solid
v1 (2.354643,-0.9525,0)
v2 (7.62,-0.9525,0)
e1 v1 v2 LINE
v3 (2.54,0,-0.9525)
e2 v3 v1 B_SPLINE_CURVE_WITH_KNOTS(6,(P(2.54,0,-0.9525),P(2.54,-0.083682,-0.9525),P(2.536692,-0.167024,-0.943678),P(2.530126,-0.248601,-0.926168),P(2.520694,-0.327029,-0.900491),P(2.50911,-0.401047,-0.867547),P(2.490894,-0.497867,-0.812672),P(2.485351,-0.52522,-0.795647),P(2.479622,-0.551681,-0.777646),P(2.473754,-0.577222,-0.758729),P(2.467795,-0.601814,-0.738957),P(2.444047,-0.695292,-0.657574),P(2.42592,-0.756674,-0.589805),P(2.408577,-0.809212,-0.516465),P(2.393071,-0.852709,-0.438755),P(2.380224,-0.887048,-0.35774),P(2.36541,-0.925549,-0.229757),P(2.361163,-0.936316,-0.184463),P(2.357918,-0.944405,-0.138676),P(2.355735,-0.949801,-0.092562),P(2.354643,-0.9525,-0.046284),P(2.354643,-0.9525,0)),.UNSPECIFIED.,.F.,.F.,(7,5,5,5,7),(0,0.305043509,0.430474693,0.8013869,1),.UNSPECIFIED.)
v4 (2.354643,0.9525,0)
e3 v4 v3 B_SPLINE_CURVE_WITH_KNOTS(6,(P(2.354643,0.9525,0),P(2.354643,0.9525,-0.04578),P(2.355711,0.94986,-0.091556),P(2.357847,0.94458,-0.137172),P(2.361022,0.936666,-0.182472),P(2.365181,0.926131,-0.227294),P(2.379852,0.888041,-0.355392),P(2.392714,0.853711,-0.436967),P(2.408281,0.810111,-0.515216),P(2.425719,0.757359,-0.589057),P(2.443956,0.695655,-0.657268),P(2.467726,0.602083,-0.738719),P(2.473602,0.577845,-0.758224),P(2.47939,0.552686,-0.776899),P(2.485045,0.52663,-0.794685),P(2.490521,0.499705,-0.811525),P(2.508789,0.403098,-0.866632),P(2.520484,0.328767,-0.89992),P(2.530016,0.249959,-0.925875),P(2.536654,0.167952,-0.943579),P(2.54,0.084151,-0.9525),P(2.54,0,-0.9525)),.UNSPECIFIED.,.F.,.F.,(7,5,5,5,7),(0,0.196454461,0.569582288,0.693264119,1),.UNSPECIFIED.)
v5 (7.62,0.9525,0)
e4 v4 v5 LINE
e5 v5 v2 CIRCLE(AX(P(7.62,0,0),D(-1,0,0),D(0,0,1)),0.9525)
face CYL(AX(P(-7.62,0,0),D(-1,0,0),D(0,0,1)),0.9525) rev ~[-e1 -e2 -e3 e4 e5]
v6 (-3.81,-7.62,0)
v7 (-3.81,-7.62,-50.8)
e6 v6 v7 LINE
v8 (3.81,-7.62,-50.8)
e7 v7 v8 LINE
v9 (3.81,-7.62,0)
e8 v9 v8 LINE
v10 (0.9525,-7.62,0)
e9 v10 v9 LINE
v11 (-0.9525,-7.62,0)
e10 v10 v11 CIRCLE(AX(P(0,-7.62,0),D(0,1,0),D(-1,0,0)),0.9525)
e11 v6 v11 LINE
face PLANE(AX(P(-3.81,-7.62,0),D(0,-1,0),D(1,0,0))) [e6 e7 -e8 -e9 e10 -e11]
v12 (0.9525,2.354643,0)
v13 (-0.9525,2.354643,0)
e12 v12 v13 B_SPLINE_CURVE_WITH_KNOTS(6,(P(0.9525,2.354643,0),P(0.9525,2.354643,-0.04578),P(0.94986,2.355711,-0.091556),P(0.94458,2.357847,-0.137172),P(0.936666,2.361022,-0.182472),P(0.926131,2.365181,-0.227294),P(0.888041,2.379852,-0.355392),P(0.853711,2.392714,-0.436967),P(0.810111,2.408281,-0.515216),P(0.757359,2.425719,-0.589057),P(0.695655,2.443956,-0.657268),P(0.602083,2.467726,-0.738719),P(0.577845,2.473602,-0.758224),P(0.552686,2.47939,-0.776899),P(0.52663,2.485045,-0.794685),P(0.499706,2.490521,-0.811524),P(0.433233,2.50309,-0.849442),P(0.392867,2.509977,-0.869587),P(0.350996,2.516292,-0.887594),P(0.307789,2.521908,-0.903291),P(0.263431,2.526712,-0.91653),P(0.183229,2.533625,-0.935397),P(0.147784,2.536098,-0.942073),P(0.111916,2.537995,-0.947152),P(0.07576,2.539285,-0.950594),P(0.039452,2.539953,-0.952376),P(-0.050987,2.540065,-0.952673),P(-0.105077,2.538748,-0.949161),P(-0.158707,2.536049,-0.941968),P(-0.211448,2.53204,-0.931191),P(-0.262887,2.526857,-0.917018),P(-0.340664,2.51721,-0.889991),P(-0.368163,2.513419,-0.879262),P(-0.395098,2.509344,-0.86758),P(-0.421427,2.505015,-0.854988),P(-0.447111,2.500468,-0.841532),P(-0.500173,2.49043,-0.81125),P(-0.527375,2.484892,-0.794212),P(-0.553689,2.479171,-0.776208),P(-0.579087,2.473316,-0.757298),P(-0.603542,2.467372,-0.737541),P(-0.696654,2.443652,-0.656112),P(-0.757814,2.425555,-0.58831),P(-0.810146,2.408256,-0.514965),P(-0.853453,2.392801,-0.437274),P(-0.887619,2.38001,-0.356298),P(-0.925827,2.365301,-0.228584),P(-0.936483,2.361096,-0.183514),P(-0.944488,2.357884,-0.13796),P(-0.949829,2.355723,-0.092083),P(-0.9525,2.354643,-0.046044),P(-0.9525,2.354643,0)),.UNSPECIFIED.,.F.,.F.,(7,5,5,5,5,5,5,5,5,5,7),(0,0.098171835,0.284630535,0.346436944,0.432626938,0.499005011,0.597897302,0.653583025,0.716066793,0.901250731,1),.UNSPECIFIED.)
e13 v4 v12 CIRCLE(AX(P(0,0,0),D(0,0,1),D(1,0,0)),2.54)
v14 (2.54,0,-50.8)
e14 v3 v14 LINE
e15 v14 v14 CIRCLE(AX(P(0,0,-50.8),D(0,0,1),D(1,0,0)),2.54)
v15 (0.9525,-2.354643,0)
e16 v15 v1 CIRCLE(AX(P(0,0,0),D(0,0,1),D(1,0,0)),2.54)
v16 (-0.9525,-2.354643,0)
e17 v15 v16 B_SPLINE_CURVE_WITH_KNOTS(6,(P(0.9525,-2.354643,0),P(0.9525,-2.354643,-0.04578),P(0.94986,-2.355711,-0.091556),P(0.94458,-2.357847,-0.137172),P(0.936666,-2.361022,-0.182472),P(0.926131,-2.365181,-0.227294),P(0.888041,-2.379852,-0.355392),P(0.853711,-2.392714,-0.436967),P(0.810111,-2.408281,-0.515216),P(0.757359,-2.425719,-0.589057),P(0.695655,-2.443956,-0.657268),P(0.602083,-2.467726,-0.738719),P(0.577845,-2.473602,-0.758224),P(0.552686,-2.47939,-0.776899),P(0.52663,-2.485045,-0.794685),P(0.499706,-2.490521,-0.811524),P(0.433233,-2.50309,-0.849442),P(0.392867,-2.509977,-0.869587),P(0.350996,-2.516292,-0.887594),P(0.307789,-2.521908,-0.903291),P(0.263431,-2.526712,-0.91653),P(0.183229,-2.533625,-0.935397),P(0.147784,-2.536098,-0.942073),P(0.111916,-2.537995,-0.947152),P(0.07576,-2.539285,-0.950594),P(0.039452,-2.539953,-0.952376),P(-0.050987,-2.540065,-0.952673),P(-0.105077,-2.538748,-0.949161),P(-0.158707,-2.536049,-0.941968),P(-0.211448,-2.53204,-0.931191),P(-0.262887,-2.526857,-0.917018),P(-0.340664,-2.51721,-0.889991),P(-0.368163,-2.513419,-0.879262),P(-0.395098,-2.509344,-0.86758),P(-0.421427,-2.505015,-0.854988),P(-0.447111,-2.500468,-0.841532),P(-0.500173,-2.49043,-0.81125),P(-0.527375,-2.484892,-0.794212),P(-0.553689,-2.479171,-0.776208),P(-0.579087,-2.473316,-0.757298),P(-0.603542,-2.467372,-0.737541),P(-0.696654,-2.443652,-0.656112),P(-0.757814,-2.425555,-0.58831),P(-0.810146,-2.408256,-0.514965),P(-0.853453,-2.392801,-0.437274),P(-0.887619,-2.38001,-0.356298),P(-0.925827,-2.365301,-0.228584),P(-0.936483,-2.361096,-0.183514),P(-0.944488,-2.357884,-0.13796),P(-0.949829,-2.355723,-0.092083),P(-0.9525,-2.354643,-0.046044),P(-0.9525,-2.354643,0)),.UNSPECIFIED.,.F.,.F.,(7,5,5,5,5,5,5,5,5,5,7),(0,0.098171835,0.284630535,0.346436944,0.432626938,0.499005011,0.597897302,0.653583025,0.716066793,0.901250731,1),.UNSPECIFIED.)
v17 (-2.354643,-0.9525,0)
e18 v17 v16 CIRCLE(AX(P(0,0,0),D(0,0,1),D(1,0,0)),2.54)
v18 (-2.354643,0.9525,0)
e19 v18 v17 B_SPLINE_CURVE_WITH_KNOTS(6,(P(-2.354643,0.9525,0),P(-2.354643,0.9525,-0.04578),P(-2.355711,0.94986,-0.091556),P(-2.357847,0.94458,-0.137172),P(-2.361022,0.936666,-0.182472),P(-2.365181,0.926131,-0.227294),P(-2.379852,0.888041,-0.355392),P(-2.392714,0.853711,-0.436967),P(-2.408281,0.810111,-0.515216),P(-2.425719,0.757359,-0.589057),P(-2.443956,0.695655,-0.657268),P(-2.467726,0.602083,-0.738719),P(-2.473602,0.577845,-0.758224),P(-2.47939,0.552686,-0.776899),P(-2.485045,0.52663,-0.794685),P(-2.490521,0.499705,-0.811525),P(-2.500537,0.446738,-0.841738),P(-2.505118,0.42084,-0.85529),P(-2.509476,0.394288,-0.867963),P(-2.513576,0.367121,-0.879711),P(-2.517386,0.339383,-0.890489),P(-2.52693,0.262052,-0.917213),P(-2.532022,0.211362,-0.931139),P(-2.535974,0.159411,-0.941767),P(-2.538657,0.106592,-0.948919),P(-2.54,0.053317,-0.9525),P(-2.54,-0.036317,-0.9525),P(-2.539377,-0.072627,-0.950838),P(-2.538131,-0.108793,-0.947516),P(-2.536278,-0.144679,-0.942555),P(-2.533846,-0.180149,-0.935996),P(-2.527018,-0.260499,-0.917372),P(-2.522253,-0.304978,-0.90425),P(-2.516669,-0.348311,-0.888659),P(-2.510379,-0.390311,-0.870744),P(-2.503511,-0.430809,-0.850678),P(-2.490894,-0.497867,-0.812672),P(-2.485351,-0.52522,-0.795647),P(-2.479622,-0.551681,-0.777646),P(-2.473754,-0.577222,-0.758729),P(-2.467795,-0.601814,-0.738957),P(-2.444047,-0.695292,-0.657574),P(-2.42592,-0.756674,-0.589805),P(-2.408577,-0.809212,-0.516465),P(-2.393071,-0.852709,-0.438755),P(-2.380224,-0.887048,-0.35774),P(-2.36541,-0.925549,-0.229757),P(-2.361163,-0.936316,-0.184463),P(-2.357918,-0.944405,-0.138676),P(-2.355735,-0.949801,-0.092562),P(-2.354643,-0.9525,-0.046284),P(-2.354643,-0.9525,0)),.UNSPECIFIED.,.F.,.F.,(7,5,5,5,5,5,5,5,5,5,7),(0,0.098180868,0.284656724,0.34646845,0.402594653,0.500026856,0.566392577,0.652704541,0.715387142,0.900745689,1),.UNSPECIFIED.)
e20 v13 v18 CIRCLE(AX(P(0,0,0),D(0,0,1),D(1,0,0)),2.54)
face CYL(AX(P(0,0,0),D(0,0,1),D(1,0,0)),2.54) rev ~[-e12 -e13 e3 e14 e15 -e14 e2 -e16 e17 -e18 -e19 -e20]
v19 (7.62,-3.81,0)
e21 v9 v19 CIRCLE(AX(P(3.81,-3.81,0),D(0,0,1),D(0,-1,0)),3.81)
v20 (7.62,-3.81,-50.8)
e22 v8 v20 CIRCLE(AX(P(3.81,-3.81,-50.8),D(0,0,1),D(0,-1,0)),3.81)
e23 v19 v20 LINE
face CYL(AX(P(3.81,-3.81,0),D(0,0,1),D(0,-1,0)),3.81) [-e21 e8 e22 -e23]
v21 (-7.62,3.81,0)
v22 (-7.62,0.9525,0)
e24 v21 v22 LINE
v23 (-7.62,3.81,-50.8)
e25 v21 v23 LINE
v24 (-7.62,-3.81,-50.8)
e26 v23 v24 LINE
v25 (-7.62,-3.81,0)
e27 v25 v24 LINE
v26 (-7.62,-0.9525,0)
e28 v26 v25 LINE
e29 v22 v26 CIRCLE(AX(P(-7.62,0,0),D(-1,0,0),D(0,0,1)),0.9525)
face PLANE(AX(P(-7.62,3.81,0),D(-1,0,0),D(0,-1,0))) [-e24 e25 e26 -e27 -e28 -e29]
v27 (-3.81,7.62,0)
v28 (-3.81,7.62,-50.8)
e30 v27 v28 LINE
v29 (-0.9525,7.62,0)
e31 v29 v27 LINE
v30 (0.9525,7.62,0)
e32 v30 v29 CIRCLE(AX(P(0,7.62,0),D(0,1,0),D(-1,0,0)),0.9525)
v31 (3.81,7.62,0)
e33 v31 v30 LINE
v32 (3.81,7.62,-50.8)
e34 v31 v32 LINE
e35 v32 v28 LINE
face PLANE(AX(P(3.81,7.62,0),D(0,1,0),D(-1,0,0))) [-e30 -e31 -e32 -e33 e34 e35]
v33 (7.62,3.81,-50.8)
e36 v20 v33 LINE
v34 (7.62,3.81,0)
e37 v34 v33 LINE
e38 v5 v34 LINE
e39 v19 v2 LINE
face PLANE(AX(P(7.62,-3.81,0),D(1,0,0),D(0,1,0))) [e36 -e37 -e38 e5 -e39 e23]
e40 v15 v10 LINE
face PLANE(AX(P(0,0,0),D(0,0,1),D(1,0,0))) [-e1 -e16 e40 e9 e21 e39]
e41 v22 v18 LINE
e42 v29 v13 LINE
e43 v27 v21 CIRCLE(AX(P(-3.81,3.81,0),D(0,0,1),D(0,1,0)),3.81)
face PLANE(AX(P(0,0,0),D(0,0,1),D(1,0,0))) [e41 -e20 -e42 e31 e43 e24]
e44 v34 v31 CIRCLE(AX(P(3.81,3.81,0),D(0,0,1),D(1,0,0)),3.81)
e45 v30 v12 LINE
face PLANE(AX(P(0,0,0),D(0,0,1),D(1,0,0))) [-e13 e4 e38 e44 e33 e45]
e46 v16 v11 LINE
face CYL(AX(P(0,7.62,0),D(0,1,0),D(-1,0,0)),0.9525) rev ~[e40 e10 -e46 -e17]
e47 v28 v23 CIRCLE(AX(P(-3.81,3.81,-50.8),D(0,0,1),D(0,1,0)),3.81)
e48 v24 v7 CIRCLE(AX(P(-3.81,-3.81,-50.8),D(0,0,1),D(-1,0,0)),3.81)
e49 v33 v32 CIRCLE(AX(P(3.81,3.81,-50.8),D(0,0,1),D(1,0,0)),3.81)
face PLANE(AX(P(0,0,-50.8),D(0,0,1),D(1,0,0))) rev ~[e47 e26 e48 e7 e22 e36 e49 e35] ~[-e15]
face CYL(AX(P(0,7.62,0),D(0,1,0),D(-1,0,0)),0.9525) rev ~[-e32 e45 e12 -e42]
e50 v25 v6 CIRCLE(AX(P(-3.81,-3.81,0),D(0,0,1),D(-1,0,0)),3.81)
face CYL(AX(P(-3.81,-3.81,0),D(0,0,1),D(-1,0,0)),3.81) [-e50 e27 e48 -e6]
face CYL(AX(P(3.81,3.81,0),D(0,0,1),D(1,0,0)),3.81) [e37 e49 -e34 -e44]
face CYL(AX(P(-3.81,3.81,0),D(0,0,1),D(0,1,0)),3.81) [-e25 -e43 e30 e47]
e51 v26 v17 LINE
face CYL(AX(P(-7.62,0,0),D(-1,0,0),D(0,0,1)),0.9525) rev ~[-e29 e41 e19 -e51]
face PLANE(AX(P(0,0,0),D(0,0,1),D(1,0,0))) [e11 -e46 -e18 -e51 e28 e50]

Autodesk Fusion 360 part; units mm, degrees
sketch "Sketch1" plane through (0, 0, 0) normal (0, 0, 1) x (1, 0, 0)
  line L0 (-7.62, 3.81) -> (-7.62, -3.81)
  line L1 (-3.81, -7.62) -> (3.81, -7.62)
  line L2 (7.62, -3.81) -> (7.62, 3.81)
  line L3 (3.81, 7.62) -> (-3.81, 7.62)
  line L4 (-7.62, 7.62) -> (7.62, -7.62) construction
  line L5 (7.62, 7.62) -> (-7.62, -7.62) construction
  circle A0 centre (0, 0) radius 2.54
  arc A1 (-3.81, 7.62) -> (-7.62, 3.81) centre (-3.81, 3.81) ccw
  arc A2 (-7.62, -3.81) -> (-3.81, -7.62) centre (-3.81, -3.81) ccw
  arc A3 (7.62, 3.81) -> (3.81, 7.62) centre (3.81, 3.81) ccw
  arc A4 (3.81, -7.62) -> (7.62, -3.81) centre (3.81, -3.81) ccw
  dimension "d1" = 5.08
  dimension "d2" = 3.81
  dimension "d3" = 7.62
  dimension "d5" = 3.81
  dimension "d6" = 3.81
  dimension "d7" = 3.81
extrude "Extrude1" add sketch "Sketch1" against normal blind 50.8
sketch "Sketch2" plane through (0, 7.62, 0) normal (0, 1, 0) x (-1, 0, 0)
  line L0 (3.81, 0) -> (-3.81, 0)
  line L1 (3.81, -50.8) -> (3.81, 0)
  line L2 (-3.81, -50.8) -> (3.81, -50.8)
  line L3 (-3.81, 0) -> (-3.81, -50.8)
  circle A0 centre (0, 0) radius 0.9525
  dimension "d11" = 1.905
extrude "Extrude2" cut sketch "Sketch2" against normal through all contours L0 A0 picked at (-0.2327, -0.216)
sketch "Sketch3" plane through (-7.62, 0, 0) normal (-1, 0, 0) x (0, 0, 1)
  line L0 (0, -3.81) -> (0, 3.81)
  line L1 (-50.8, -3.81) -> (0, -3.81)
  line L2 (-50.8, 3.81) -> (-50.8, -3.81)
  line L3 (0, 3.81) -> (-50.8, 3.81)
  circle A0 centre (0, 0) radius 0.9525
  dimension "d13" = 1.905
extrude "Extrude3" cut sketch "Sketch3" against normal through all contours L0 A0 picked at (-0.1378, -0.2861)
equation "d2 = d3 / 2"
equation "d3 = d1 / 2 + WireInsulationLength"
equation "WireInsulationLength = 0.2 in"
equation "d5 = d3 / 2"
equation "d6 = d3 / 2"
equation "d7 = d3 / 2"
equation "d8 = -2\""
equation "WireChannelDiameter = 0.075 in"
equation "d11 = WireChannelDiameter"
equation "d13 = WireChannelDiameter"
